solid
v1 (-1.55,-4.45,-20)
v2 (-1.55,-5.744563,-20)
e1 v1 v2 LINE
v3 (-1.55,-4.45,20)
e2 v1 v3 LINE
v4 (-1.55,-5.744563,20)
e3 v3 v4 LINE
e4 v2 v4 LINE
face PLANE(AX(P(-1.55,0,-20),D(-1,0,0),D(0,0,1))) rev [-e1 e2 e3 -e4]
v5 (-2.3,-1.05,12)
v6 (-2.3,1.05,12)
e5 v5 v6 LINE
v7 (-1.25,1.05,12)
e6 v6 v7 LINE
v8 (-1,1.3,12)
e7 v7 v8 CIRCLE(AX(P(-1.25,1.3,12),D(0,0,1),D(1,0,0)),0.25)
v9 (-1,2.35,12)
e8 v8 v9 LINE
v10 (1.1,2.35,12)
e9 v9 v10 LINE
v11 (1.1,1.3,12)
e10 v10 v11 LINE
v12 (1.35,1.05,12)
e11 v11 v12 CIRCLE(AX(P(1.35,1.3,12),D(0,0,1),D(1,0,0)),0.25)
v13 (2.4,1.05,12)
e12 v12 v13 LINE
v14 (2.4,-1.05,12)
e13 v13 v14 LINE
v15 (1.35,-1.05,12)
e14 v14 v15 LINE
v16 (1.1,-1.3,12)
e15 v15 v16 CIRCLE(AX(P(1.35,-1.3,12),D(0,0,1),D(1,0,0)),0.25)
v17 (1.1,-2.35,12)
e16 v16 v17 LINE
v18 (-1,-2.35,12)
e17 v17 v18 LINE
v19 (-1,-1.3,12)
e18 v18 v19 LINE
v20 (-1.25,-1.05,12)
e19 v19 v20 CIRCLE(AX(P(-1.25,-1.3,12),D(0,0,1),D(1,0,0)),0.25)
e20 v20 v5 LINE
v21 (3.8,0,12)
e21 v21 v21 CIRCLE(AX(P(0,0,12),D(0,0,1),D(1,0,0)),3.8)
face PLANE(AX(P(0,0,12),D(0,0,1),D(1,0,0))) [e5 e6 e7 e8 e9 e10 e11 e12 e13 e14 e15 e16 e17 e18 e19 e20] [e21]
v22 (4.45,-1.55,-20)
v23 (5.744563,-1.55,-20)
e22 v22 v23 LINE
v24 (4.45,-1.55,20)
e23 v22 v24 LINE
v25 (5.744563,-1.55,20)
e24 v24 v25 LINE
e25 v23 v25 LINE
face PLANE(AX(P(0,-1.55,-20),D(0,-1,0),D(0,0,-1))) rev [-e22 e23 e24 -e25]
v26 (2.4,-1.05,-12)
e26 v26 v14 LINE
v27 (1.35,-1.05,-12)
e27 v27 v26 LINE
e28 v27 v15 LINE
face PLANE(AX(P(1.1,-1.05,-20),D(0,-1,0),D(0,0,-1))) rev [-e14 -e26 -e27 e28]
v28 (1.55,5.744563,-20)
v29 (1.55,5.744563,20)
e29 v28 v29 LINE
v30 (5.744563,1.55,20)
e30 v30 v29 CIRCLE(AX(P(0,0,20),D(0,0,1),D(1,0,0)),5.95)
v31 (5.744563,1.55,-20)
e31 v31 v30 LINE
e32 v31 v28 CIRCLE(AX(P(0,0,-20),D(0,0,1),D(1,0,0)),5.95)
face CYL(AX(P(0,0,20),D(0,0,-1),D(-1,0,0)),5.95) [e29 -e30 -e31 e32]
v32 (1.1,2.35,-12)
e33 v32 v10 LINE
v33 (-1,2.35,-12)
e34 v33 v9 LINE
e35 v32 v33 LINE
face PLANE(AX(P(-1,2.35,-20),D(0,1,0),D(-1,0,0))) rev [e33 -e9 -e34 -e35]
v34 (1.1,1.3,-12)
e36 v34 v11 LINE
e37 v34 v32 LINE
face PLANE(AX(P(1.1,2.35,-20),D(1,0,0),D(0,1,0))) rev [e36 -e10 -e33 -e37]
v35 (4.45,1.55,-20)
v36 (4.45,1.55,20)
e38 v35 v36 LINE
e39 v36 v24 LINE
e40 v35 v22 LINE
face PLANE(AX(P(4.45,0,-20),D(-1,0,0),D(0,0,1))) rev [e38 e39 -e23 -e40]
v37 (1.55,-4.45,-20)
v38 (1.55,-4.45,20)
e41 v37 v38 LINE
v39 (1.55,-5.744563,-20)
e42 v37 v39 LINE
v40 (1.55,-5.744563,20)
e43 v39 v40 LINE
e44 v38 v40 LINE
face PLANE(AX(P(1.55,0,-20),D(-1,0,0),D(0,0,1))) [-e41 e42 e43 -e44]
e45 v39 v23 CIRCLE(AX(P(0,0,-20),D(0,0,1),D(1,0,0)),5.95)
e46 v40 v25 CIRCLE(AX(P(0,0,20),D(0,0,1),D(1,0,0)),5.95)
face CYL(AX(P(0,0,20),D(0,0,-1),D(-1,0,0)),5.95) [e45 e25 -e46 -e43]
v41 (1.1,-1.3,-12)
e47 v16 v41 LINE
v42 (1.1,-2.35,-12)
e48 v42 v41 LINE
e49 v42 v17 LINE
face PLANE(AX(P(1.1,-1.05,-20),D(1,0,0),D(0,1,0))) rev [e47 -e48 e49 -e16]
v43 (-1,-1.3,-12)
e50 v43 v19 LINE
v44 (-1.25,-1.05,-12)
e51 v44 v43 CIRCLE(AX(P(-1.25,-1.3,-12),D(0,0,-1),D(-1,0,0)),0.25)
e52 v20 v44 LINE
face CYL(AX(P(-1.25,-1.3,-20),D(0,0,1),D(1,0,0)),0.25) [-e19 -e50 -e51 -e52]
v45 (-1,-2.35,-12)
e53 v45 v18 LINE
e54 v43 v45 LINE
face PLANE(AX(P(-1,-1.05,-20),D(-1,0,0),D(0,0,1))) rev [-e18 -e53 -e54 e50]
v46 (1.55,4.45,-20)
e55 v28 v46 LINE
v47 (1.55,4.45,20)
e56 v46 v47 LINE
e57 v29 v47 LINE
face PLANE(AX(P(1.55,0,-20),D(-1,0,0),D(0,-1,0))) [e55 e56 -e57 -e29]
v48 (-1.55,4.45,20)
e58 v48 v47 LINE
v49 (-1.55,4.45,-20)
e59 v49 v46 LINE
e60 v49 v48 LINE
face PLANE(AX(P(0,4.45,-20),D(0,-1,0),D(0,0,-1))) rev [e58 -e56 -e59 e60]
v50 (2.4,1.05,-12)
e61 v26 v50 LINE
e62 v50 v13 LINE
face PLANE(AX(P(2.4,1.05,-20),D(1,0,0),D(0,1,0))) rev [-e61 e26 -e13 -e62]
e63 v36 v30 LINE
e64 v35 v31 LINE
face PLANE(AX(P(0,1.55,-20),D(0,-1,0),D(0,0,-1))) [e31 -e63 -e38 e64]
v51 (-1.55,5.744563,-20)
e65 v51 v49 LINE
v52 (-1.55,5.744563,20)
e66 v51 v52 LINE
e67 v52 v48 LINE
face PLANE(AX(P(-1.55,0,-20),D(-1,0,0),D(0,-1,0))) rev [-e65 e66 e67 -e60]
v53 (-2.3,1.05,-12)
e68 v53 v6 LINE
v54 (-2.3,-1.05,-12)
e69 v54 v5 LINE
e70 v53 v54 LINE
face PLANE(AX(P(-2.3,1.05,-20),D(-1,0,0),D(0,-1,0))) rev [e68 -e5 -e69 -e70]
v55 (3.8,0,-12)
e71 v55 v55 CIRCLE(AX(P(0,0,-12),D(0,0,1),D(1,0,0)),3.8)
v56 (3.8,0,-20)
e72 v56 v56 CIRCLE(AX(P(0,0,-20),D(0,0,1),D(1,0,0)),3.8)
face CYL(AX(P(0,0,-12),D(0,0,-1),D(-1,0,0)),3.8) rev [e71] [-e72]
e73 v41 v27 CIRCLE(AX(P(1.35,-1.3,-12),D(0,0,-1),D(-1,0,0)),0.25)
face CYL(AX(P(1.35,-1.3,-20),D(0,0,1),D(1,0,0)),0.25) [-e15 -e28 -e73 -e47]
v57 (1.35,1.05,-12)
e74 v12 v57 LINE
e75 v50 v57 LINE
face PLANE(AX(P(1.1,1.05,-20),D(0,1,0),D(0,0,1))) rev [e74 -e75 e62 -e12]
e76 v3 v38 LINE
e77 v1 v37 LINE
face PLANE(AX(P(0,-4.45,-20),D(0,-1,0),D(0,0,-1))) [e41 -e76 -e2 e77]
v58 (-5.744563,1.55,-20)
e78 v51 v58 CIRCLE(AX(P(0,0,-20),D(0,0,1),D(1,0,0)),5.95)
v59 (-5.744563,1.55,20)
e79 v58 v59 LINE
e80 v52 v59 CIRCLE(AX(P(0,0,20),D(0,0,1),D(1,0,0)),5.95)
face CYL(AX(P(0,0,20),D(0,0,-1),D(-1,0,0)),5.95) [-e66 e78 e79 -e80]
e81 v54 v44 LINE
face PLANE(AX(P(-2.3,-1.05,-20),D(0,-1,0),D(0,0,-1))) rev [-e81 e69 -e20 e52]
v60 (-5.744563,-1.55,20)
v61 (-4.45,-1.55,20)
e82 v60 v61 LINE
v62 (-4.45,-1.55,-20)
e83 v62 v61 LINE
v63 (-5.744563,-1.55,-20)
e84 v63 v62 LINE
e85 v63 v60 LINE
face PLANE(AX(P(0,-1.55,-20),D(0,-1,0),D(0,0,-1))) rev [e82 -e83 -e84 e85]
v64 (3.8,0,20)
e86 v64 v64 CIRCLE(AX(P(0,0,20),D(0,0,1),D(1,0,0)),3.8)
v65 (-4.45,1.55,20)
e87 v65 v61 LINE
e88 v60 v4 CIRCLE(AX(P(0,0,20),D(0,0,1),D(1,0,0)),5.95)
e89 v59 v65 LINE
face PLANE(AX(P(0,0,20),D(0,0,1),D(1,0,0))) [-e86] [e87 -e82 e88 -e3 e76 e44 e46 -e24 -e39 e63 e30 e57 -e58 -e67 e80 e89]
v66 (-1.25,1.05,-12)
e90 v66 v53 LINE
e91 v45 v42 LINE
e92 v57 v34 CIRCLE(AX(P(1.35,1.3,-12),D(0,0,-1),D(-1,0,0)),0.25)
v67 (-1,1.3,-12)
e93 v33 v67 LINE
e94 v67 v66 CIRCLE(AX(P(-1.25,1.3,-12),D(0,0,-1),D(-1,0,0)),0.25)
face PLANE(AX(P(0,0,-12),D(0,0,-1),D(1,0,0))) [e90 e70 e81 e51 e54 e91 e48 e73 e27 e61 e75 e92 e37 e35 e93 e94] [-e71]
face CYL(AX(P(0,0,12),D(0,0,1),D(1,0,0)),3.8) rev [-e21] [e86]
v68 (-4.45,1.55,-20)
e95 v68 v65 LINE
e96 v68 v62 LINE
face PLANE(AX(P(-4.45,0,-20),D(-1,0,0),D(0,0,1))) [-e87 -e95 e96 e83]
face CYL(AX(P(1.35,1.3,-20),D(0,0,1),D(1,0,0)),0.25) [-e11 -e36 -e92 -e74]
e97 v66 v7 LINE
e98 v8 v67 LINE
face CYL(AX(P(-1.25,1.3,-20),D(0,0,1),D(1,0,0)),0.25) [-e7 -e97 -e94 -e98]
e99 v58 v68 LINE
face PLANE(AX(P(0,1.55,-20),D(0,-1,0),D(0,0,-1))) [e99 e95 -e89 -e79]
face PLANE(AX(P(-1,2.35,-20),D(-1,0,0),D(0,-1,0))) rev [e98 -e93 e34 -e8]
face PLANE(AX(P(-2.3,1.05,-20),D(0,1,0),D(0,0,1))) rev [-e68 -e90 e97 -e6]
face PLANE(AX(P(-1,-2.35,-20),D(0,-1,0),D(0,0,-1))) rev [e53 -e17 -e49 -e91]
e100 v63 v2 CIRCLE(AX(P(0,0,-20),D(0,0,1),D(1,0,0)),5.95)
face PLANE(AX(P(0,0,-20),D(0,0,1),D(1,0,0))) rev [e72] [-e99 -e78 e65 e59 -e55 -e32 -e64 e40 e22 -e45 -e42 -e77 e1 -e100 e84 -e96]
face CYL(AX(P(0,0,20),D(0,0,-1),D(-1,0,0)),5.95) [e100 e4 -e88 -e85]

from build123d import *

# Parameters (mm, degrees)
SKETCH1_R           = 5.95
BOSS_EXTRUDE2_DEPTH = 20
CUT_EXTRUDE1_DEPTH  = 41.875481649
CUT_EXTRUDE3_DEPTH  = 41.875481649
SKETCH10_R          = 3.8
CUT_EXTRUDE4_DEPTH  = 8
FILLET2_R           = 0.25


with BuildPart() as part:
    # Sketch1 → Boss-Extrude2 (new, symmetric)
    with BuildSketch(Plane.XY):
        Circle(SKETCH1_R)
    extrude(amount=BOSS_EXTRUDE2_DEPTH, both=True)

    # Sketch8 → Cut-Extrude1 (cut, through all)
    with BuildSketch(Plane.XY.offset(20)):
        Polygon((1.1, 1.05), (2.4, 1.05), (2.4, -1.05), (1.1, -1.05), (1.1, -2.35), (-1, -2.35), (-1, -1.05), (-2.3, -1.05), (-2.3, 1.05), (-1, 1.05), (-1, 2.35), (1.1, 2.35), align=None)
    extrude(amount=-CUT_EXTRUDE1_DEPTH, mode=Mode.SUBTRACT)

    # Sketch9 → Cut-Extrude3 (cut, through all)
    with BuildSketch(Plane.XY.offset(20)):
        with BuildLine():
            ThreePointArc((1.55, 5.744562647), (0, 5.95), (-1.55, 5.744562647))
            Line((-1.55, 5.744562647), (-1.55, 4.45))
            Line((-1.55, 4.45), (1.55, 4.45))
            Line((1.55, 4.45), (1.55, 5.744562647))
        make_face()
        with BuildLine():
            ThreePointArc((5.95, 0), (5.898417065, 0.781777543), (5.744562647, 1.55))
            Line((5.744562647, 1.55), (4.45, 1.55))
            Line((4.45, 1.55), (4.45, -1.55))
            Line((4.45, -1.55), (5.744562647, -1.55))
            ThreePointArc((5.744562647, -1.55), (5.898417065, -0.781777543), (5.95, 0))
        make_face()
        with BuildLine():
            Line((-4.45, 1.55), (-5.744562647, 1.55))
            ThreePointArc((-5.744562647, 1.55), (-5.95, 0), (-5.744562647, -1.55))
            Line((-5.744562647, -1.55), (-4.45, -1.55))
            Line((-4.45, -1.55), (-4.45, 1.55))
        make_face()
        with BuildLine():
            Line((-1.55, -4.45), (-1.55, -5.744562647))
            ThreePointArc((-1.55, -5.744562647), (0, -5.95), (1.55, -5.744562647))
            Line((1.55, -5.744562647), (1.55, -4.45))
            Line((1.55, -4.45), (-1.55, -4.45))
        make_face()
    extrude(amount=-CUT_EXTRUDE3_DEPTH, mode=Mode.SUBTRACT)

    # Sketch10 → Cut-Extrude4 (cut)
    with BuildSketch(Plane.XY.offset(20)):
        Circle(SKETCH10_R)
    cut_extrude4 = extrude(amount=-CUT_EXTRUDE4_DEPTH, mode=Mode.SUBTRACT)

    # Mirror1: Cut-Extrude4 across plane
    add(cut_extrude4.mirror(Plane.XY), mode=Mode.SUBTRACT)

    # Fillet2
    fillet2_edges = [part.edges().sort_by_distance(p)[0] for p in [
        (1.1, -1.05, 0),
        (1.1, 1.05, 0),
        (-1, 1.05, 0),
        (-1, -1.05, 0),
    ]]
    fillet(fillet2_edges, radius=FILLET2_R)


solid = part.part
